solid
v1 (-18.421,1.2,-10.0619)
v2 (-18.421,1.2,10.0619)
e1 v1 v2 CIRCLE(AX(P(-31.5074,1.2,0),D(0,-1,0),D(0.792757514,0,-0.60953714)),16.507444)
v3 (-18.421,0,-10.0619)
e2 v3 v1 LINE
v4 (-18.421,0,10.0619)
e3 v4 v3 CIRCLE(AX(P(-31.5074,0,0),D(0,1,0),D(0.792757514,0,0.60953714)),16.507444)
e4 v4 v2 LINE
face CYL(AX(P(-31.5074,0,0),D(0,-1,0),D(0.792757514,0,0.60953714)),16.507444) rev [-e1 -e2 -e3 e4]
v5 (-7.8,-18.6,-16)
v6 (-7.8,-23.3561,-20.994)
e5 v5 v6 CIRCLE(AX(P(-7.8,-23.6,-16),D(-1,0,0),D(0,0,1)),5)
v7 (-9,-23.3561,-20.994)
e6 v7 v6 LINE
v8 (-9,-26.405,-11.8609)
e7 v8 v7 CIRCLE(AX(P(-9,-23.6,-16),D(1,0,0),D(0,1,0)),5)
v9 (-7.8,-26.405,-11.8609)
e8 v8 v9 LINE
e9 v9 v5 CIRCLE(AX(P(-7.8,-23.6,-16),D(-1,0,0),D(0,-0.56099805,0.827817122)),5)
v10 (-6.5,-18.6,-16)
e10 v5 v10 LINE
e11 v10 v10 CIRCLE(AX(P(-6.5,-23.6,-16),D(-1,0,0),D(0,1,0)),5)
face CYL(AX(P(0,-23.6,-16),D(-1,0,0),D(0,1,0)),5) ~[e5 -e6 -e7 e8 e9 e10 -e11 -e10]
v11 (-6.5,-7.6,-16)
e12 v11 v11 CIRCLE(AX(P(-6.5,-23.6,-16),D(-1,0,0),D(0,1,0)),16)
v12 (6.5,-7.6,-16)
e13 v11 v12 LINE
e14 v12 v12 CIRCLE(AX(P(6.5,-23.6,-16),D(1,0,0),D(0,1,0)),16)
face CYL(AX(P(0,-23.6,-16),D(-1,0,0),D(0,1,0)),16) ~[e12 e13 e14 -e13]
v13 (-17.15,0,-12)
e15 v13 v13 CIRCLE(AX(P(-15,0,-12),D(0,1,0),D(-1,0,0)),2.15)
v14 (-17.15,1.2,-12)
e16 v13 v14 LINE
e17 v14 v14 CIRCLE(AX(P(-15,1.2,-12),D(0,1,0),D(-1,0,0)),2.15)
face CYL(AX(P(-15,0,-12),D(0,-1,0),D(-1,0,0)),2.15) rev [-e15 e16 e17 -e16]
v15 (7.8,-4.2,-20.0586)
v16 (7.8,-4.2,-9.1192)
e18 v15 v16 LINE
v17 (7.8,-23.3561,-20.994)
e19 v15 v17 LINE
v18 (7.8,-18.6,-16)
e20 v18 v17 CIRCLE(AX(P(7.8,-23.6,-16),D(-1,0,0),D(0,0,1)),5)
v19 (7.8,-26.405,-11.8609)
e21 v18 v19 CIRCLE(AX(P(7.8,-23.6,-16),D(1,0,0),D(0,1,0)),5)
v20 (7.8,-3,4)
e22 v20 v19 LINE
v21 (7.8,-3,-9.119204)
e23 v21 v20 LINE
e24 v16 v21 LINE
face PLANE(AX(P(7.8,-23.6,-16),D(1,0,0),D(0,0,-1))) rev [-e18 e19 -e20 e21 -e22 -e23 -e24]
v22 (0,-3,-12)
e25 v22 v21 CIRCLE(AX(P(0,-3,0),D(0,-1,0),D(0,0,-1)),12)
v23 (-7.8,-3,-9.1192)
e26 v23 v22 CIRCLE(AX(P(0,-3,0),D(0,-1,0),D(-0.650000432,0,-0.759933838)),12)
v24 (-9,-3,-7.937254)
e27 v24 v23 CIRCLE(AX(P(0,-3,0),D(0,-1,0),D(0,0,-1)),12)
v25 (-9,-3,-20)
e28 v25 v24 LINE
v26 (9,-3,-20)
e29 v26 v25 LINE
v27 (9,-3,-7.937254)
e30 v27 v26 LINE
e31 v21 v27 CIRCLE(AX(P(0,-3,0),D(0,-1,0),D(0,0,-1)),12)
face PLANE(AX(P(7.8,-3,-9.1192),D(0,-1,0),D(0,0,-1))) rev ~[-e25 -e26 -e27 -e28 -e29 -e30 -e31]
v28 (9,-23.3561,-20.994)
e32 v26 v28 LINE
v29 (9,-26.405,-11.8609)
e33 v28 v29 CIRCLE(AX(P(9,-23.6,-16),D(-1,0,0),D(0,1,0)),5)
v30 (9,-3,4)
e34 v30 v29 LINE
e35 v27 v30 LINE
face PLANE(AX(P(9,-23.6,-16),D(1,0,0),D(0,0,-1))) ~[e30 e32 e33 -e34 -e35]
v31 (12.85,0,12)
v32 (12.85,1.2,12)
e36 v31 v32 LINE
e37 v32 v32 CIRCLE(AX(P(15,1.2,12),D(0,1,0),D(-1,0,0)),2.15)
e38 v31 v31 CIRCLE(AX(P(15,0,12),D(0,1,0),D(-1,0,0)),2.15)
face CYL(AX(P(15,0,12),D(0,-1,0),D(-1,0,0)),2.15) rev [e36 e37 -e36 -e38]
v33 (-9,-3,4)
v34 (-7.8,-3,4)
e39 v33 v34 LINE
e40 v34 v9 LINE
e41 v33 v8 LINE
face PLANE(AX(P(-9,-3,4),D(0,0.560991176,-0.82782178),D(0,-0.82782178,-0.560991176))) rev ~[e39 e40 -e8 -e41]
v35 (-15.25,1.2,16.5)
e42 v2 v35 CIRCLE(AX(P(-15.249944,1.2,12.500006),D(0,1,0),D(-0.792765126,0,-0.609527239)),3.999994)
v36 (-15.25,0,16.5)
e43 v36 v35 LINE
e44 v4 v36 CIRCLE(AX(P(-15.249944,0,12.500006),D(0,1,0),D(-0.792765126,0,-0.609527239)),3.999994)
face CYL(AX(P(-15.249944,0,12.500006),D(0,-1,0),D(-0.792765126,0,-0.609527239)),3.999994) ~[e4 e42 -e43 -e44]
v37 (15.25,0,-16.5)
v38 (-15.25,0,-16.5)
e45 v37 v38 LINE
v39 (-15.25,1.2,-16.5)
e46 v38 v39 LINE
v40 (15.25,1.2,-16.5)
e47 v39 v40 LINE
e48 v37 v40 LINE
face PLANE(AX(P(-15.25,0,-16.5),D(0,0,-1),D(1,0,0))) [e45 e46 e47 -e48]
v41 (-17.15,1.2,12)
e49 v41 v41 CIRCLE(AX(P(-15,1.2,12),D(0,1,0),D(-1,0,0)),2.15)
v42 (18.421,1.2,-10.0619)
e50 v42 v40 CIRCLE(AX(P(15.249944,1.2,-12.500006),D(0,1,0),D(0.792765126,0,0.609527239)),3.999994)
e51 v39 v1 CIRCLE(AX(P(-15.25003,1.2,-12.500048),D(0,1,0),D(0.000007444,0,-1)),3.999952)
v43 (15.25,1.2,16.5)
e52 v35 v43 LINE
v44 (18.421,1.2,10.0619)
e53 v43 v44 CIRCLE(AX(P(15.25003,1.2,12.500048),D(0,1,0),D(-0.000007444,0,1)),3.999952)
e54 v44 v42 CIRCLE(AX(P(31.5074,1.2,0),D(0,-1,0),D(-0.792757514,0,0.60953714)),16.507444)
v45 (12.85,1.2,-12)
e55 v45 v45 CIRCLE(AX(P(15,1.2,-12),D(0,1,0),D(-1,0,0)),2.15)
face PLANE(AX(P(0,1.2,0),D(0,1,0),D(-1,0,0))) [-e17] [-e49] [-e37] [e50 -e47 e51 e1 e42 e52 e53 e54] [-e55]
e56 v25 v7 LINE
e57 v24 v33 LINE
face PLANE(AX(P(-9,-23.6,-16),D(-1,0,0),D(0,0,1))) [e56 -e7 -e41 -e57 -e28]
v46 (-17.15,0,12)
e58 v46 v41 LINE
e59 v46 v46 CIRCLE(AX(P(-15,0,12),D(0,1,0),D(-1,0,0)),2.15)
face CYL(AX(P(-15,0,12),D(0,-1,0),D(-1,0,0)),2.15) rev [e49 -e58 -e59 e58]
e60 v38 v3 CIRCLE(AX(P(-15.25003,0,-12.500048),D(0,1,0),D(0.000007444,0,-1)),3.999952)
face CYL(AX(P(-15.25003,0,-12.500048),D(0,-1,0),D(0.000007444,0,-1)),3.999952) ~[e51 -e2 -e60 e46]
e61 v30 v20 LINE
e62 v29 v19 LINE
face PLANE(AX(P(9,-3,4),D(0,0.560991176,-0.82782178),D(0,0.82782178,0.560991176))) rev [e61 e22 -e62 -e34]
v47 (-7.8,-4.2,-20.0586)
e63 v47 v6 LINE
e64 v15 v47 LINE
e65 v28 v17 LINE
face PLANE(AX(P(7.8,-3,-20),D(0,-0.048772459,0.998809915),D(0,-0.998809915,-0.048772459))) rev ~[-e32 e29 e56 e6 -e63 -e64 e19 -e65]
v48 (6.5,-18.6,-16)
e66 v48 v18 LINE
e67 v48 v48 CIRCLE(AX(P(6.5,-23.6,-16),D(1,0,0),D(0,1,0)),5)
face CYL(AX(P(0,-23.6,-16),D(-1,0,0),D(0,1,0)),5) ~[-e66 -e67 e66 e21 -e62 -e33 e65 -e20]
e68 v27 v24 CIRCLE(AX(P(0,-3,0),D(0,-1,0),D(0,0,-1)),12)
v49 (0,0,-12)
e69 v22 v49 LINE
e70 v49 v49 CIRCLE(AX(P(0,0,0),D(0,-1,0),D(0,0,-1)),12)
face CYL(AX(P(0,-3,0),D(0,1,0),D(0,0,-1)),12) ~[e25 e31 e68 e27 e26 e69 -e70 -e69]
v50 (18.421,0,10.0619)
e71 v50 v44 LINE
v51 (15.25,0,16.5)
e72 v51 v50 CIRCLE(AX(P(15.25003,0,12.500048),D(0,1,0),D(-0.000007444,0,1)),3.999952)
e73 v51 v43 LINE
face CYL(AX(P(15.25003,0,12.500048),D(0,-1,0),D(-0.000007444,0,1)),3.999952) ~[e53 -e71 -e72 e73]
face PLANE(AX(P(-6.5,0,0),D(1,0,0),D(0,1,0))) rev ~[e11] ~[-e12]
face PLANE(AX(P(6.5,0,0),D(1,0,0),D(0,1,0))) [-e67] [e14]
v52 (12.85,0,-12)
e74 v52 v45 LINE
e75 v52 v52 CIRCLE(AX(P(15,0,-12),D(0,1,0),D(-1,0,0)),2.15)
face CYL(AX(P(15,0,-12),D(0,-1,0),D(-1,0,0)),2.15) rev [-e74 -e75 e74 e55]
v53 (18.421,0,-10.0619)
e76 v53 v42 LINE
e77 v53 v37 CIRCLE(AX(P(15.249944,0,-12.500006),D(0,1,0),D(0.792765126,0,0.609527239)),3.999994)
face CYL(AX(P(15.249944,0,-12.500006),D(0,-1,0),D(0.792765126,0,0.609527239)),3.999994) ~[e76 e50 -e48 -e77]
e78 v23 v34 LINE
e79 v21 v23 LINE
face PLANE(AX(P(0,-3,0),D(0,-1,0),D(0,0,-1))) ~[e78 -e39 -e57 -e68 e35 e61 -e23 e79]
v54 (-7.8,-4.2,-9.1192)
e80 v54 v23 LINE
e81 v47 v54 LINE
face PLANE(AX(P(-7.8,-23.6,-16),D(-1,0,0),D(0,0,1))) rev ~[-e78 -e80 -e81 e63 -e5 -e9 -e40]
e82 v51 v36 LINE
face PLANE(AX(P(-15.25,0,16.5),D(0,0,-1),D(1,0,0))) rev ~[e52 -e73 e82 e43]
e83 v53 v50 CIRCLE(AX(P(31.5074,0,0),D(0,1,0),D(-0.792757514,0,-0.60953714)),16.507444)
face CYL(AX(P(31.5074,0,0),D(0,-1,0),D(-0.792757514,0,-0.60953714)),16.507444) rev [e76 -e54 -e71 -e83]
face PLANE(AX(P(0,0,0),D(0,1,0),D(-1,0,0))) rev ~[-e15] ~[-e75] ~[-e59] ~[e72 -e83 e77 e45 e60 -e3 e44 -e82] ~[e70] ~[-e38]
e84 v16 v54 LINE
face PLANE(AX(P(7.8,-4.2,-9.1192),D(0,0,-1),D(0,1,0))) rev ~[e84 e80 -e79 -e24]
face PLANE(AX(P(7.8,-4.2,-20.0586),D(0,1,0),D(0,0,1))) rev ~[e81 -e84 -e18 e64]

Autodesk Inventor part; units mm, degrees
ref_plane "YZ Plane" through (0, 0, 0) normal (1, 0, 0) x (0, 1, 0)
ref_plane "XZ Plane" through (0, 0, 0) normal (0, 1, 0) x (-1, 0, 0)
ref_plane "XY Plane" through (0, 0, 0) normal (0, 0, 1) x (1, 0, 0)
sketch "Skizze1" plane through (0, 0, 0) normal (0, 1, 0) x (-1, 0, 0)
  line L0 (15.25, -16.5) -> (-15.25, -16.5)
  line L1 (15.25, 16.5) -> (-15.25, 16.5)
  arc A0 (-18.421, -10.0619) -> (-18.421, 10.0619) centre (-31.5074, 0) ccw
  arc A1 (18.421, 10.0619) -> (18.421, -10.0619) centre (31.5074, 0) ccw
  arc A2 (15.25, -16.5) -> (18.421, -10.0619) centre (15.25, -12.5) ccw
  arc A3 (18.421, 10.0619) -> (15.25, 16.5) centre (15.25, 12.5) ccw
  arc A4 (-15.25, 16.5) -> (-18.421, 10.0619) centre (-15.25, 12.5) ccw
  arc A5 (-18.421, -10.0619) -> (-15.25, -16.5) centre (-15.25, -12.5) ccw
  circle A6 centre (15, -12) radius 2.15
  circle A7 centre (-15, -12) radius 2.15
  circle A8 centre (-15, 12) radius 2.15
  circle A9 centre (15, 12) radius 2.15
  line L2 (15, 12) -> (15, -12) construction
  line L3 (15, -12) -> (-15, -12) construction
  line L4 (-15, -12) -> (-15, 12) construction
  line L5 (-15, 12) -> (15, 12) construction
  line L6 (0, -24.4811) -> (0, 24.4811) projected
  line L7 (44.8, 0) -> (-44.8, 0) projected
  line L8 (15, 0) -> (-15, 0) construction
  point P0 (0, 0)
  point P1 (32, -16.5)
  point P2 (-32, -16.5)
  point P3 (32, 16.5)
  point P4 (-32, 16.5)
  dimension "d0" = 4
  dimension "d1" = 30
  dimension "d2" = 24
  dimension "d3" = 33
  dimension "d4" = 4.3
  dimension "d5" = 38.5
extrude "Extrusion1" add sketch "Skizze1" along normal blind 1.2
sketch "Skizze2" plane through (0, 0, 0) normal (1, 0, 0) x (0, 1, 0)
  line L0 (0, 10.0619) -> (0, -10.0619) projected
  line L1 (0, 12) -> (-3, 12)
  line L2 (-3, 12) -> (-3, -12)
  line L3 (-3, -12) -> (0, -12)
  line L4 (-1.683, 0) -> (1.6805, 0) projected
  circle A0 centre (-23.6, -16) radius 16
  line L5 (1.2, 10.0619) -> (1.2, -10.0619) projected
  line L6 (0, -16.5) -> (1.2, -16.5) projected
  circle A1 centre (-23.6, -16) radius 5
  line L7 (-3, -12) -> (-3, -20)
  line L8 (-3, -20) -> (-23.3561, -20.994)
  line L9 (-3, 4) -> (-26.405, -11.8609)
  line L10 (0, 0) -> (-3, 0)
  line L11 (0, 10.0619) -> (0, -10.0619) projected
  line L12 (0, 0) -> (0, -12)
  dimension "d8" = 3
  dimension "d9" = 32
  dimension "d10" = 40.8
  dimension "d12" = 0
  dimension "d13" = 10
  dimension "d14" = 8
  dimension "d16" = 8
  dimension "d18" = 24
revolve "Umdrehung1" add sketch "Skizze2" angle 360 about axis through (0, 0, 0) along (0, -1, 0) contours L0 L12 L3 L2 L10 L4
extrude "Extrusion2" add sketch "Skizze2" along normal mid plane 13 contours L9 A1 L8 A0 | A0 L8 A1 L9
extrude "Extrusion3" add sketch "Skizze2" along normal mid plane 18 contours A1
sketch "Skizze3" plane through (-9, -23.6, -16) normal (-1, 0, 0) x (0, 0, 1)
  line L0 (-4, 20.6) -> (-4.994, 0.2439) projected
  line L1 (4, 20.6) -> (-4, 20.6) projected
  line L2 (20, 20.6) -> (4.1391, -2.805) projected
  circle A0 centre (0, 0) radius 5 projected
  line L3 (-4, 20.6) -> (20, 20.6)
  line L4 (4, 20.6) -> (28, 20.6) projected
  line L5 (20, 20.6) -> (4.1391, -2.805)
  circle A1 centre (0, 0) radius 5 projected
  arc A2 (4.1391, -2.805) -> (-4.994, 0.2439) centre (0, 0) ccw
  line L6 (-4.994, 0.2439) -> (-4, 20.6)
  point P0 (16, 23.6)
extrude "Extrusion4" add sketch "Skizze3" against normal blind 1.2 contours L1 L3 L2 A0 L0
mirror "Spiegeln1" about plane through (0, 0, 0) normal (1, 0, 0) of "Extrusion4"
sketch "Skizze4" plane through (7.8, -3, -9.1192) normal (-1, 0, 0) x (0, 0, 1)
  line L0 (-10.8808, 0) -> (-11.8748, -20.3561) projected
  line L1 (-10.9394, -1.2) -> (0, -1.2)
  line L2 (0, 0) -> (1.182, 0) projected
  line L3 (0, -1.2) -> (0, 0)
  line L4 (1.182, 0) -> (-10.8808, 0) projected
  point P0 (9.1192, 3)
  dimension "d27" = 1.2
extrude "Extrusion5" add sketch "Skizze4" along normal up to surface (15.6 mm away)
properties part number "Castor_Wheel" material "Stahl, unlegiert"
